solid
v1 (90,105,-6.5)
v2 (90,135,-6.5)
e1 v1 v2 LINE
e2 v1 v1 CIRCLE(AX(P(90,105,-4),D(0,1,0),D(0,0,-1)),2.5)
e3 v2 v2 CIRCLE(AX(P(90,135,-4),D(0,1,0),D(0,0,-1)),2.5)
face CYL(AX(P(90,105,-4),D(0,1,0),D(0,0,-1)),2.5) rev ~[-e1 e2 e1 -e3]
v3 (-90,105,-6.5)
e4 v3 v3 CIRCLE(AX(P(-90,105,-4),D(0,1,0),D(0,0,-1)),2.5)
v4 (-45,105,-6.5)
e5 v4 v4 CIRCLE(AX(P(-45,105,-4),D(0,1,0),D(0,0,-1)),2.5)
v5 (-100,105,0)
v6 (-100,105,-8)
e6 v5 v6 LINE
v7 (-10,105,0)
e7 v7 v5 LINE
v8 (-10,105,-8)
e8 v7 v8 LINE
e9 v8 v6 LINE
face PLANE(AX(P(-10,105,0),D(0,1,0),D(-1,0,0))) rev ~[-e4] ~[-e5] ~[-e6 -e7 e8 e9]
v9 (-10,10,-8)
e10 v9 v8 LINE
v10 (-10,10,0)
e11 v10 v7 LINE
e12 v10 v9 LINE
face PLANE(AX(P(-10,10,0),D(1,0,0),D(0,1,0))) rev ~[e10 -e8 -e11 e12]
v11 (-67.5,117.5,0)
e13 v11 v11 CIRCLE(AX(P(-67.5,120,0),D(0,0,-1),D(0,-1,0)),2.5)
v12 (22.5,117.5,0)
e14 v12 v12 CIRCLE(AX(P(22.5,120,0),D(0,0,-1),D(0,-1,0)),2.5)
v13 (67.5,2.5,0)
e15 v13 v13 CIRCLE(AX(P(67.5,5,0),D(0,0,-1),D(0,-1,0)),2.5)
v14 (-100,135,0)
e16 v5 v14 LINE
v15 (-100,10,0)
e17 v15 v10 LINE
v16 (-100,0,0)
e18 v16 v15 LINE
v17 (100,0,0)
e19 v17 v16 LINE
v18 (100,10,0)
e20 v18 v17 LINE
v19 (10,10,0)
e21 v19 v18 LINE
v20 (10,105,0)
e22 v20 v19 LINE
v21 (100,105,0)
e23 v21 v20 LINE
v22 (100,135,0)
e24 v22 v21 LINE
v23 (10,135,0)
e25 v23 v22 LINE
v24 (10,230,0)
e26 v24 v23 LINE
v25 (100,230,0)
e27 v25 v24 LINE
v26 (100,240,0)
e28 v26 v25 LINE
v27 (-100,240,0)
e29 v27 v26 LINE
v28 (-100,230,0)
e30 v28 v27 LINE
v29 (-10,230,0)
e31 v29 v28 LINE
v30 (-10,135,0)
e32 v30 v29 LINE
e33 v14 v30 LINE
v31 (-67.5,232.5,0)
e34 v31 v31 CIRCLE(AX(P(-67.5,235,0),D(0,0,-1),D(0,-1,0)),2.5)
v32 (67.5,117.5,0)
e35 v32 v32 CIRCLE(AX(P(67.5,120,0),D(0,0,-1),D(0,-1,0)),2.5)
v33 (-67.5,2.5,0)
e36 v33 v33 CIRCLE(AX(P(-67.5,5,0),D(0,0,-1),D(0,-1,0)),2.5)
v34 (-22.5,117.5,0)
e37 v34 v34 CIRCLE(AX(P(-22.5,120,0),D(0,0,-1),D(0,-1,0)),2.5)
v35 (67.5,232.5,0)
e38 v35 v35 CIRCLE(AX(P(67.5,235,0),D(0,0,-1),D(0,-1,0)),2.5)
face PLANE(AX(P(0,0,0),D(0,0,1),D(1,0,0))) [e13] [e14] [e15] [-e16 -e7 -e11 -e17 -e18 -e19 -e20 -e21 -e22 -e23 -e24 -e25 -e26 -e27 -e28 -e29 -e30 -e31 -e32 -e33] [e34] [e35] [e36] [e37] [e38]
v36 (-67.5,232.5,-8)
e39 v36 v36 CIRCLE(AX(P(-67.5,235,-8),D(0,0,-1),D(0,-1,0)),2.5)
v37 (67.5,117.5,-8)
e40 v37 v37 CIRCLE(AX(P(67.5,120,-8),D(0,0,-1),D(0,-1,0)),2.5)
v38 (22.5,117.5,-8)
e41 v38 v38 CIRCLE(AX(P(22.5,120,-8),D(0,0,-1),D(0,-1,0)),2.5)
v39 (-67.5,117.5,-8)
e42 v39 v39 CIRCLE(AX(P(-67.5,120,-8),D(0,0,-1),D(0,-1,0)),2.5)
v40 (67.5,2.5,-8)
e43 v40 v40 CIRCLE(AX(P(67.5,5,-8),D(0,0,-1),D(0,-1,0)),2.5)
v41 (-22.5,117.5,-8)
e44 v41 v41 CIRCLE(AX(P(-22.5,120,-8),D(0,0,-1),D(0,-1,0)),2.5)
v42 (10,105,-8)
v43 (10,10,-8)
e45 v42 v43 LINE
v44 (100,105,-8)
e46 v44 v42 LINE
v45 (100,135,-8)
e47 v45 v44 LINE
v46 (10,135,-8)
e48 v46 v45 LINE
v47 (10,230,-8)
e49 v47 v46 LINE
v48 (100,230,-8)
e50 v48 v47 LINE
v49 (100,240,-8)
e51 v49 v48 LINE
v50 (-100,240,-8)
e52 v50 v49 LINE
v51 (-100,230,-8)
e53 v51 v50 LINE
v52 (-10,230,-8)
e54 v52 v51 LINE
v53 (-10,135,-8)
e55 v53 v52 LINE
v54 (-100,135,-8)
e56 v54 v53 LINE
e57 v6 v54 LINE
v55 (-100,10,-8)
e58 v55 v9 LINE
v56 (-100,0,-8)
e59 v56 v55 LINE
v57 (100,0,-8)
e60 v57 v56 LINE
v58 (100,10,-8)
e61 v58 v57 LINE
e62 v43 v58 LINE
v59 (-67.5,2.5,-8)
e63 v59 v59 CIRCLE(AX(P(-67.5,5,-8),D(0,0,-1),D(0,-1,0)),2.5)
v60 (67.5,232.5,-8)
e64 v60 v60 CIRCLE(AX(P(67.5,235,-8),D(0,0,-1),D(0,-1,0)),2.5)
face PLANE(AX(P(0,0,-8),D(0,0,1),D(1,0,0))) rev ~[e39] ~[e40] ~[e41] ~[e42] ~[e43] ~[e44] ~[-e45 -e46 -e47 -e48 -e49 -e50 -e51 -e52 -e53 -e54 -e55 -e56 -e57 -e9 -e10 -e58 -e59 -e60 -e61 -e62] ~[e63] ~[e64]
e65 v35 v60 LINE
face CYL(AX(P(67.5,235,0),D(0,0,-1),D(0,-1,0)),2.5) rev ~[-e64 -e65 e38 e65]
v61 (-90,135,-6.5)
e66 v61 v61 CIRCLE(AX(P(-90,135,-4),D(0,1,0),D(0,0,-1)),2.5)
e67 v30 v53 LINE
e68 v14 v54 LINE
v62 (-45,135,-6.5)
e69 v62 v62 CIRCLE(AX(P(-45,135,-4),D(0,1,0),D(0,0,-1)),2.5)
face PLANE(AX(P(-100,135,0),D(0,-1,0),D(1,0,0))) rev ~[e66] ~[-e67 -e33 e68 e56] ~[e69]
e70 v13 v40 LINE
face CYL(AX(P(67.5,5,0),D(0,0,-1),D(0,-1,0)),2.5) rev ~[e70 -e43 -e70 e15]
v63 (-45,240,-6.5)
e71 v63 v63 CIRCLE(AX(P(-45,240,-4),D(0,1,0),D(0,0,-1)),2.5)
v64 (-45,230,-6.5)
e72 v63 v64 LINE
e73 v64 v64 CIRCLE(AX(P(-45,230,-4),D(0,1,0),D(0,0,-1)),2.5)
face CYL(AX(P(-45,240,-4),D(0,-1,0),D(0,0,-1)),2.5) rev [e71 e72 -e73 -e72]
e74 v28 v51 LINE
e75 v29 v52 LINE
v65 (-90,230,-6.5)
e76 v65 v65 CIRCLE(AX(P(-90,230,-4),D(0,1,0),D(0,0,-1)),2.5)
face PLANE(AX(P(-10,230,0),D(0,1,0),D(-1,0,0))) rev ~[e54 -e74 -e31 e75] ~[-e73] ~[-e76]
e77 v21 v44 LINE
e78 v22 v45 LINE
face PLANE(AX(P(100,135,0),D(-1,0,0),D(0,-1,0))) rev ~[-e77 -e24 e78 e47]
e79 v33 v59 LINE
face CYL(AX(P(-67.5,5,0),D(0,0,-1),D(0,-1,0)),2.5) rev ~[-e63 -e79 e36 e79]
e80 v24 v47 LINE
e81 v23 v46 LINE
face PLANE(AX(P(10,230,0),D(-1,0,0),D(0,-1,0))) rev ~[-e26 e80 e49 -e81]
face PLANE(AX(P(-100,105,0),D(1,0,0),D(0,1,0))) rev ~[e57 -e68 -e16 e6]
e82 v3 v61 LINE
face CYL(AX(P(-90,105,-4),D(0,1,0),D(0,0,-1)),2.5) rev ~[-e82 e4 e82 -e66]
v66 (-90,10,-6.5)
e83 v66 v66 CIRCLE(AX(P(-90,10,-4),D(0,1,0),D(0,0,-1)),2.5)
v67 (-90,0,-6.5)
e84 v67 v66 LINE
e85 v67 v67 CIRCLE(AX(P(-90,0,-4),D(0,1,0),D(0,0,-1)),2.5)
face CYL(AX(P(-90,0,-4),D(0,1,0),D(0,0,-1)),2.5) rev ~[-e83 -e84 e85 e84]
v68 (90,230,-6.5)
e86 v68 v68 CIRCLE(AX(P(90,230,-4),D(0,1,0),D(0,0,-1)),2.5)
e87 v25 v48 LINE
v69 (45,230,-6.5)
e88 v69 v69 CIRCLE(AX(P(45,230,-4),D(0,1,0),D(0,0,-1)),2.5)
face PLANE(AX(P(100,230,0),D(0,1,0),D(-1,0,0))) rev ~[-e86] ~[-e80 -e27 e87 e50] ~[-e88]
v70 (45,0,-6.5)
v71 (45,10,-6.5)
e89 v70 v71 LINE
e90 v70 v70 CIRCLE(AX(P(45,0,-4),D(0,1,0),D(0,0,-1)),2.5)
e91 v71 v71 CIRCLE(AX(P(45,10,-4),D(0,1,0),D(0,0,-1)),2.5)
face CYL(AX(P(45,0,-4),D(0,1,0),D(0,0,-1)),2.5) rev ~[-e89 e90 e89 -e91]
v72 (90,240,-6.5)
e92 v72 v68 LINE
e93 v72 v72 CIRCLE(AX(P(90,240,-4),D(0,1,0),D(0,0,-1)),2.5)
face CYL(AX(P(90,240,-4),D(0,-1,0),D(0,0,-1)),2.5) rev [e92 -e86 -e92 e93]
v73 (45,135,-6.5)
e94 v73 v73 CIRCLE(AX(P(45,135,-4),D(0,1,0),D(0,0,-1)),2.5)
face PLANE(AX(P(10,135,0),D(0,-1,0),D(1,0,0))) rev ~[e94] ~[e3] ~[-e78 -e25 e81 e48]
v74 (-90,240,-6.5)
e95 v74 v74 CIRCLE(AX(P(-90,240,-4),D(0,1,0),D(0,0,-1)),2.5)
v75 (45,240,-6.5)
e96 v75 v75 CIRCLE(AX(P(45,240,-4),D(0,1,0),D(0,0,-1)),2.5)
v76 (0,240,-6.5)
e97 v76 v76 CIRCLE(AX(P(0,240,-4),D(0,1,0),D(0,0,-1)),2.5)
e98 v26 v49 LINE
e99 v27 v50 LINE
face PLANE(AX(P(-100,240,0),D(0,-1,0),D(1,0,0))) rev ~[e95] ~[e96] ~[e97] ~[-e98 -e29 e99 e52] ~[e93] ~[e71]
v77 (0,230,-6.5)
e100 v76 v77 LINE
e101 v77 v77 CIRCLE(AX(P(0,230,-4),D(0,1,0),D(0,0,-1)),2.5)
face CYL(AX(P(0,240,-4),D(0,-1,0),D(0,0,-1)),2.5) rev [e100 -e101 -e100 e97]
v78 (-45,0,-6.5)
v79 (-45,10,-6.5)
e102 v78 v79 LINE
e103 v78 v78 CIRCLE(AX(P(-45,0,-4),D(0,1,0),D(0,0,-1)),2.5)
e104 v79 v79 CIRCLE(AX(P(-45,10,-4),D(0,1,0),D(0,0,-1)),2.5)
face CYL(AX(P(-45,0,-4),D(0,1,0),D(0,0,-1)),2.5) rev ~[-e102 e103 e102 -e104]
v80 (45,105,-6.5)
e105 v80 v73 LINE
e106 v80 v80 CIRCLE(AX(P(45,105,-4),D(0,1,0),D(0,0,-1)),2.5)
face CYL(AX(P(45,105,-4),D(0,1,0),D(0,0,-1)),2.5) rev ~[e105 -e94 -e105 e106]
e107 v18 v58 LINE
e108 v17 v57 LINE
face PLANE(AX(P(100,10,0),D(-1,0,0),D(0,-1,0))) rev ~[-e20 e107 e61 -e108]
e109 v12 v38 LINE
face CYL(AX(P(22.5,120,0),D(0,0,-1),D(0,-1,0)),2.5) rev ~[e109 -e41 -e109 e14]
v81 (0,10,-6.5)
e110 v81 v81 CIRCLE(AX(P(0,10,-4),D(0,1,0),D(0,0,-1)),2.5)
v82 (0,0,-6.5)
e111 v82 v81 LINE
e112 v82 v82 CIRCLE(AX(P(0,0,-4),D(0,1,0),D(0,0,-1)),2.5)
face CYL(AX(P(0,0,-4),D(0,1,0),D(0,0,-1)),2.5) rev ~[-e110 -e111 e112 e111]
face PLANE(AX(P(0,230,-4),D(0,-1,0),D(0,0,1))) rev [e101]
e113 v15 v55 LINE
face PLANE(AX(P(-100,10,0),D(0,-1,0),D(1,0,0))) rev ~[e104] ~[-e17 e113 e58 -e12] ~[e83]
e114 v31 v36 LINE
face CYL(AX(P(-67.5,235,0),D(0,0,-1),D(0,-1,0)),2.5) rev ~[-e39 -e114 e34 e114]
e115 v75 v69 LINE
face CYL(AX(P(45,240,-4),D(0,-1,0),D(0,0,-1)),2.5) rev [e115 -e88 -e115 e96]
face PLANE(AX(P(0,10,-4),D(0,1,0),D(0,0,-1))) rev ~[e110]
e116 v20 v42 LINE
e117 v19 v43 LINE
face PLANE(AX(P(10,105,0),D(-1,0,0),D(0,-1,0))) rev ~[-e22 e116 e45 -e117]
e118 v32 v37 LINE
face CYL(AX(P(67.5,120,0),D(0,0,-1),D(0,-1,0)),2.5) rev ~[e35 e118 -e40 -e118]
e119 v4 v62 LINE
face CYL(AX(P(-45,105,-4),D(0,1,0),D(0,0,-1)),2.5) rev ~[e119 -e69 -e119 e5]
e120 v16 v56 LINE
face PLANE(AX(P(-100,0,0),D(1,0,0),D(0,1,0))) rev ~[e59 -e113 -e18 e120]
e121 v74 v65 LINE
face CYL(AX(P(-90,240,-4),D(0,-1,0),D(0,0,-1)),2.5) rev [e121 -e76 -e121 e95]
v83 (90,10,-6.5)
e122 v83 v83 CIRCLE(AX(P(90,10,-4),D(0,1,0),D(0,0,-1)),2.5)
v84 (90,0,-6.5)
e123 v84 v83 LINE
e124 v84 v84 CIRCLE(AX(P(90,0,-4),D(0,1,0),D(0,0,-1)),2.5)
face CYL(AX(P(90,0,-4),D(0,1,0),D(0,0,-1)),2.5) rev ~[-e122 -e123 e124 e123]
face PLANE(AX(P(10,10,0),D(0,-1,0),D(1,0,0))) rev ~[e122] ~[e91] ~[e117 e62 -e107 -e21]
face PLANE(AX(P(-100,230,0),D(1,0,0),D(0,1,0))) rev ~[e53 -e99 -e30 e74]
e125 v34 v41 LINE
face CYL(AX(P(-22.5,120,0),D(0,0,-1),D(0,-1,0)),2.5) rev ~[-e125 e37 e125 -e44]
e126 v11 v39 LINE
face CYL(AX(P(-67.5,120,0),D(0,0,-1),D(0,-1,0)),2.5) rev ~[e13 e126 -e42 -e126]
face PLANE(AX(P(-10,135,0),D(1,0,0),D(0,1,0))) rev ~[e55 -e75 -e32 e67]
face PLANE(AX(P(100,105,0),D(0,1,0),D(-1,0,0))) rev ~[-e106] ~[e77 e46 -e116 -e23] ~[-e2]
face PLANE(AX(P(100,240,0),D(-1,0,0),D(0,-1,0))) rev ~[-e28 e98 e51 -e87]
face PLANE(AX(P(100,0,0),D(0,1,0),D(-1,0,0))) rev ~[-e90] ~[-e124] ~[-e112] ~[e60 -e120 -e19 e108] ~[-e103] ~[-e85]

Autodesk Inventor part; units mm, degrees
ref_plane "YZ Plane" through (0, 0, 0) normal (1, 0, 0) x (0, 1, 0)
ref_plane "XY Plane" through (0, 0, 0) normal (0, 0, 1) x (1, 0, 0)
sketch "Sketch1" plane through (0, 0, 0) normal (0, 0, 1) x (1, 0, 0)
  line L0 (-10, 135) -> (-10, 230)
  line L1 (-10, 230) -> (-100, 230)
  line L2 (-100, 230) -> (-100, 240)
  line L3 (-100, 240) -> (100, 240)
  line L4 (100, 240) -> (100, 230)
  line L5 (100, 230) -> (10, 230)
  line L6 (10, 230) -> (10, 135)
  line L7 (10, 135) -> (100, 135)
  line L8 (100, 135) -> (100, 105)
  line L9 (100, 105) -> (10, 105)
  line L10 (10, 105) -> (10, 10)
  line L11 (10, 10) -> (100, 10)
  line L12 (100, 10) -> (100, 0)
  line L13 (100, 0) -> (-100, 0)
  line L14 (-100, 0) -> (-100, 10)
  line L15 (-100, 10) -> (-10, 10)
  line L16 (-10, 10) -> (-10, 105)
  line L17 (-10, 105) -> (-100, 105)
  line L18 (-100, 105) -> (-100, 135)
  line L19 (-100, 135) -> (-10, 135)
  line L20 (0, 0) -> (0, 240) construction
  dimension "d0" = 10
  dimension "d1" = 200
  dimension "d2" = 20
  dimension "d3" = 30
  dimension "d4" = 10
  dimension "d5" = 95
  dimension "d6" = 95
extrude "Extrusion1" add sketch "Sketch1" against normal blind 8
sketch "Sketch2" plane through (0, 0, 0) normal (0, 0, 1) x (1, 0, 0)
  line L0 (-10, 135) -> (-100, 135) projected
  line L1 (-100, 0) -> (100, 0) projected
  line L2 (-100, 240) -> (-100, 230) projected
  line L3 (-100, 10) -> (-100, 0) projected
  point P0 (0, 0)
  point P1 (-67.5, 120)
  point P2 (-22.5, 120)
  point P3 (22.5, 120)
  point P4 (67.5, 120)
  point P5 (0, 0)
  point P6 (-67.5, 235)
  point P7 (67.5, 235)
  point P8 (67.5, 5)
  point P9 (-67.5, 5)
  point P10 (-100, 235)
  point P11 (-100, 5)
  point P12 (0, 0)
  dimension "d9" = 15
  dimension "d10" = 67.5
  dimension "d11" = 45
  dimension "d12" = 45
  dimension "d13" = 45
  dimension "d14" = 67.5
  dimension "d15" = 135
hole "Hole1" at (-67.5, 120, 0) at (-22.5, 120, 0) at (22.5, 120, 0) at (67.5, 120, 0) at (-67.5, 235, 0) at (67.5, 235, 0) at (67.5, 5, 0) at (-67.5, 5, 0) direction (0, 0, -1) diameter 5 depth 8
sketch "Sketch3" plane through (-100, 0, 0) normal (0, -1, 0) x (1, 0, 0)
  line L0 (0, 0) -> (200, 0) projected
  line L1 (200, -8) -> (0, -8) projected
  point P0 (100, 0)
  point P1 (10, -4)
  point P2 (55, -4)
  point P3 (145, -4)
  point P4 (190, -4)
  point P5 (100, 0)
  point P6 (100, -4)
  point P7 (100, 0)
  dimension "d23" = 4
  dimension "d24" = 45
  dimension "d25" = 90
  dimension "d26" = 90
  dimension "d27" = 45
hole "Hole2" at (-90, 0, -4) at (-45, 0, -4) at (45, 0, -4) at (90, 0, -4) at (0, 0, -4) direction (0, 1, 0) diameter 5 depth 10
ref_plane "Work Plane1" through (0, 120, 0) normal (0, 1, 0) x (-1, 0, 0)
mirror "Mirror1" about plane through (0, 120, 0) normal (0, 1, 0) of "Hole2"
sketch "Sketch4" plane through (-100, 105, 0) normal (0, -1, 0) x (1, 0, 0)
  circle A0 centre (100, -4) radius 2.5 projected
  line L0 (0, -8) -> (90, -8) projected
  point P0 (100, 0)
  point P1 (10, -4)
  point P2 (55, -4)
  point P3 (145, -4)
  point P4 (190, -4)
  dimension "d36" = 4
  dimension "d37" = 180
  dimension "d38" = 90
  dimension "d39" = 45
  dimension "d48" = 45
hole "Hole3" at (-90, 105, -4) at (-45, 105, -4) at (45, 105, -4) at (90, 105, -4) direction (0, 1, 0) diameter 5 depth 30
equation "\"d6\" = d5"
equation "\"d12\" = d11"
equation "\"d13\" = d11"
equation "\"d14\" = d10"
equation "\"d26\" = d25"
equation "\"d27\" = d24"
equation "\"d38\" = 0.5 * d37"
equation "\"d39\" = 0.5 * d38"
properties part number "02" material "Aluminum 6061"
